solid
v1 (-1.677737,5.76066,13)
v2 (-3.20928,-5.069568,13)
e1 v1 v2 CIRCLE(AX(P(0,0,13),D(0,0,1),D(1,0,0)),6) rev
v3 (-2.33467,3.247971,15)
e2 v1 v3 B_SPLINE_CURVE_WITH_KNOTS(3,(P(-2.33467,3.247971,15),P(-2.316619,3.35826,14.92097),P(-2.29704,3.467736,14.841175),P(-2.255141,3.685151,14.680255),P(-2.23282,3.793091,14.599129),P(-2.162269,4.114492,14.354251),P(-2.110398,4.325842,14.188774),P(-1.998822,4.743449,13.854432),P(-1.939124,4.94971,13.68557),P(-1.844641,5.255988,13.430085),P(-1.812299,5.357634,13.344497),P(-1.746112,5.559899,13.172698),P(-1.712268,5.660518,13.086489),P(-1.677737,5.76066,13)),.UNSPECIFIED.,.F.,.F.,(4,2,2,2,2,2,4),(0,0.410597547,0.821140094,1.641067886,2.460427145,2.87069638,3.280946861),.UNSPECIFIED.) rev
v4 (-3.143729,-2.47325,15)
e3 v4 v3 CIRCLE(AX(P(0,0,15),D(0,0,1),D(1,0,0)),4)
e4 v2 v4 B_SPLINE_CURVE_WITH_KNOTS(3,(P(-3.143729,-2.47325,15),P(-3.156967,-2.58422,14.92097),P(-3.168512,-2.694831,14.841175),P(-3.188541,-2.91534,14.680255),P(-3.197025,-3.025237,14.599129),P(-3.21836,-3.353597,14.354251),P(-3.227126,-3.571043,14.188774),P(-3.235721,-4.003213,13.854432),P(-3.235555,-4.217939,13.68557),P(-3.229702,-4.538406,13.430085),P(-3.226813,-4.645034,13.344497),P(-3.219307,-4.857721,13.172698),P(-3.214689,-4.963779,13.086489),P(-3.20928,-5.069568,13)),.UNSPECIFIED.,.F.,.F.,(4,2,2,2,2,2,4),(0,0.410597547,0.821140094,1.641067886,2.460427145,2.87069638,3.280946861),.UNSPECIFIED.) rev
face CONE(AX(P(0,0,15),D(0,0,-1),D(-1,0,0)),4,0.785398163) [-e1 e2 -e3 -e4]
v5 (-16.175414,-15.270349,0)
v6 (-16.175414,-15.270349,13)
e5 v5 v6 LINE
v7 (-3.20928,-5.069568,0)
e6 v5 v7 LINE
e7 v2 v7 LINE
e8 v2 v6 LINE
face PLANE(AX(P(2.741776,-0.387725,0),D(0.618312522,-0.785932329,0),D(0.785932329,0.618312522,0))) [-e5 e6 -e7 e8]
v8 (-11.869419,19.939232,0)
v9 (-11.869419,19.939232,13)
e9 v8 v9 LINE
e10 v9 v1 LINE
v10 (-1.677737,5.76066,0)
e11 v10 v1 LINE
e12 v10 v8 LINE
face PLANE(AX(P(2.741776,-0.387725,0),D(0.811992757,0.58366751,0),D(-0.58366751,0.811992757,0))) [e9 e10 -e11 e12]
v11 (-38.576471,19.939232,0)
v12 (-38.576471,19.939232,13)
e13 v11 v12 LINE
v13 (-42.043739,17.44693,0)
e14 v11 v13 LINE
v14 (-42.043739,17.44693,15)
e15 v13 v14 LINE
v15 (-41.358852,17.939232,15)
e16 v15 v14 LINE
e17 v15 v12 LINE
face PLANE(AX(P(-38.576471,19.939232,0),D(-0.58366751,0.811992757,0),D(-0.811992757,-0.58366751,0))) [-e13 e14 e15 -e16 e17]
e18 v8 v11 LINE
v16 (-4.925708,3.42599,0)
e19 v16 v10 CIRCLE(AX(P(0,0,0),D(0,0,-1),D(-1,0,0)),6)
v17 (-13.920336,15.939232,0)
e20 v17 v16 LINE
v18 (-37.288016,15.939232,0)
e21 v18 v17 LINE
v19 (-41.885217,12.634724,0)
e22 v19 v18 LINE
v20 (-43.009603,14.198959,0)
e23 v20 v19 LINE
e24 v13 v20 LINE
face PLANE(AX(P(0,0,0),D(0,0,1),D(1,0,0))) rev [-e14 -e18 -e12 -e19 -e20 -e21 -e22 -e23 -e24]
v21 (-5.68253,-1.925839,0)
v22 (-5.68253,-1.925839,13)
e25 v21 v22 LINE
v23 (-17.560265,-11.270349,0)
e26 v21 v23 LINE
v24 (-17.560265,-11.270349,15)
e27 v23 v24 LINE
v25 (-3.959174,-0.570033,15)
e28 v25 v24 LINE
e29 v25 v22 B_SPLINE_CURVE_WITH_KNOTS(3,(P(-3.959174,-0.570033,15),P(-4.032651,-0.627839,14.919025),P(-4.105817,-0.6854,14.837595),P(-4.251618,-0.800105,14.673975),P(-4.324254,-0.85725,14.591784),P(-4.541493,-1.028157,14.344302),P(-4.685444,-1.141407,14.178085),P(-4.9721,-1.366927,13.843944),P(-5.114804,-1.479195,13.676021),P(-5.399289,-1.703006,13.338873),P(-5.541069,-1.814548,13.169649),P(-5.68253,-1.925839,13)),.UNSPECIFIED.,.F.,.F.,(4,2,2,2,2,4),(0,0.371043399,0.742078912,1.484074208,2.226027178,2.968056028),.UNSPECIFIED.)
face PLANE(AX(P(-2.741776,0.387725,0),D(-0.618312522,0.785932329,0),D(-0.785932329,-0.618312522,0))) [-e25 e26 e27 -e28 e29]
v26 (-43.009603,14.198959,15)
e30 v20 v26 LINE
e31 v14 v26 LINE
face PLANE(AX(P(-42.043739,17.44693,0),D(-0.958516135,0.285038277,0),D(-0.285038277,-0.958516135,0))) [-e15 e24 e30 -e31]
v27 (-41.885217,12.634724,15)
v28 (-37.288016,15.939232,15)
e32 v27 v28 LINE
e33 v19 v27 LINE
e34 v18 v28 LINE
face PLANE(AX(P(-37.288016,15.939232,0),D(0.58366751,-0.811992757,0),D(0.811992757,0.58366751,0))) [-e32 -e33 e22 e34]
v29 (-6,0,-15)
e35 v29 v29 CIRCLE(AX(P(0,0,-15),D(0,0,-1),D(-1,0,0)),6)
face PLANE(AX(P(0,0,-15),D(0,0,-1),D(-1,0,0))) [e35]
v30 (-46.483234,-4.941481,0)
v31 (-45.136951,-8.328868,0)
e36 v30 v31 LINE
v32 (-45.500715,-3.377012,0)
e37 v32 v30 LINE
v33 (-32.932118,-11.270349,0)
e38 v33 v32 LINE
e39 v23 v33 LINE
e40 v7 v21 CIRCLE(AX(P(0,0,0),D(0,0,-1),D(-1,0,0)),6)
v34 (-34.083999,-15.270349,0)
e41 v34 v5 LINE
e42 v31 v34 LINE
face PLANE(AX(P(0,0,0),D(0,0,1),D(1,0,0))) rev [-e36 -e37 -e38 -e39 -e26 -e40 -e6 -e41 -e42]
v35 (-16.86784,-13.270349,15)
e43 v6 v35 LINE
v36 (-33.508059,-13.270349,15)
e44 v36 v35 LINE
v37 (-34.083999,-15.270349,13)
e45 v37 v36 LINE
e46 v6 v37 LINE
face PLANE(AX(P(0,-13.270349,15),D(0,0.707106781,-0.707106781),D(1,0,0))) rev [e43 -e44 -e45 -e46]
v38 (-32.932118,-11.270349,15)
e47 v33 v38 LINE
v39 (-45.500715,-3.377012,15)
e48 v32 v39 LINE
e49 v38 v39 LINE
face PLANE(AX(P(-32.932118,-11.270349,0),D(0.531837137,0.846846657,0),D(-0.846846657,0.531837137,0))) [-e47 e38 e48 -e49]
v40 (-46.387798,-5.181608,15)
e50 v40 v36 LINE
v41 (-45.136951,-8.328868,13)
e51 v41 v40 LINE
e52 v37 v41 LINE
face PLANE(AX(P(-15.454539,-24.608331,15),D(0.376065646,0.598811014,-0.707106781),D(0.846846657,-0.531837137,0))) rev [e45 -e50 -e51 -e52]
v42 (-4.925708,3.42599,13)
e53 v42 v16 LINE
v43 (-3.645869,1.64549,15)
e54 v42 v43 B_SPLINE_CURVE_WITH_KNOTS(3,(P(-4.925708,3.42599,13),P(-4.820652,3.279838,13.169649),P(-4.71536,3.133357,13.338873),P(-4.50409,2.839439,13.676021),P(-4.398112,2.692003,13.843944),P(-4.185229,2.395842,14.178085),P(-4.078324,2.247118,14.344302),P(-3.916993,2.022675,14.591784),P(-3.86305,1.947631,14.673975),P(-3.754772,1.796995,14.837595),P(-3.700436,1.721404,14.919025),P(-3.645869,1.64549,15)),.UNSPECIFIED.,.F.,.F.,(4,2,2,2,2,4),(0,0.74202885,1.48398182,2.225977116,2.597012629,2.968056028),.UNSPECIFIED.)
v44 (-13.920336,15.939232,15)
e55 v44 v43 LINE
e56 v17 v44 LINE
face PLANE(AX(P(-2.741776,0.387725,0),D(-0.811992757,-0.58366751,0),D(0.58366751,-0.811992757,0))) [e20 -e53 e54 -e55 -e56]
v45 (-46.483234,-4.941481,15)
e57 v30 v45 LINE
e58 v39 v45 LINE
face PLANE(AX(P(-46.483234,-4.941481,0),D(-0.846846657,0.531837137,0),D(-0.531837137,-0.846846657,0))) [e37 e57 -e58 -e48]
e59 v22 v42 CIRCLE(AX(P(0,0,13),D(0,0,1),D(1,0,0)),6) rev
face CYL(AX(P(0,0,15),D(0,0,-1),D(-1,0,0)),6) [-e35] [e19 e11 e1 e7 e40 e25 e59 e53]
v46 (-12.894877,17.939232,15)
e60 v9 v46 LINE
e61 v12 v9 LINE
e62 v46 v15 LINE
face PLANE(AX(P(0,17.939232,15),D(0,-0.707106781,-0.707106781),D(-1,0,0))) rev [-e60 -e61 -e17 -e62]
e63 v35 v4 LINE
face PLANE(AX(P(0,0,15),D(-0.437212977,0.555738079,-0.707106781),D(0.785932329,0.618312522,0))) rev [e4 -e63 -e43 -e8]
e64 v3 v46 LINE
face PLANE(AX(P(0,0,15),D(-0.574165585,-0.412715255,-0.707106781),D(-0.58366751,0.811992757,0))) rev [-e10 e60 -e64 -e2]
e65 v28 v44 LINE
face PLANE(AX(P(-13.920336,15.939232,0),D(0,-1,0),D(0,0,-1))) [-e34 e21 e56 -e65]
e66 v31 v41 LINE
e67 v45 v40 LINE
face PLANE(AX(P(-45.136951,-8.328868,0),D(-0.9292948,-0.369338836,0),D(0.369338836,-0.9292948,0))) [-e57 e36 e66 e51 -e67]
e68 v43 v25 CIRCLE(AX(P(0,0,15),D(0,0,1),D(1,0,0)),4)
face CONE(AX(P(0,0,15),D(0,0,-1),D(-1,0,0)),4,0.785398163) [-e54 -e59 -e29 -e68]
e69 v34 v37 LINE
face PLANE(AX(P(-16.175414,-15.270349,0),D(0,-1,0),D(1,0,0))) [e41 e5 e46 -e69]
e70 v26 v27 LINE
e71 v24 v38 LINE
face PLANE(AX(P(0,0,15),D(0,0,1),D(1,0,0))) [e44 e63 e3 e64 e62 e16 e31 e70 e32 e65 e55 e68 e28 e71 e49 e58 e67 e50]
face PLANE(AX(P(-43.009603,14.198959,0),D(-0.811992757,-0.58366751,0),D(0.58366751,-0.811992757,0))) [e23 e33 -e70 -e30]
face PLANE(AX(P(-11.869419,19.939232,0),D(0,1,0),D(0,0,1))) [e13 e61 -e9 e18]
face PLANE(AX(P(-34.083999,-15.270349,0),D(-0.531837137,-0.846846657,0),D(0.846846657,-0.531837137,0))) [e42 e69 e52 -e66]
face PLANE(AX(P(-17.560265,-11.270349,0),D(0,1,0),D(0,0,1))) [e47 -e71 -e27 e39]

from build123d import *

# Parameters (mm, degrees)
SKETCH1_R           = 6
BOSS_EXTRUDE1_DEPTH = 15
BOSS_EXTRUDE2_DEPTH = 15
CHAMFER1_SIZE       = 2
SKETCH3_R           = 6
BOSS_EXTRUDE3_DEPTH = 15


with BuildPart() as part:
    # Sketch1 → Boss-Extrude1 (new body)
    with BuildSketch(Plane.XY):
        Circle(SKETCH1_R)
    extrude(amount=BOSS_EXTRUDE1_DEPTH)

    # Sketch2 → Boss-Extrude2 (add)
    with BuildSketch(Plane.XY.offset(15)):
        Polygon((-34.083999274, -15.270349256), (-45.136951092, -8.328867942), (-46.483233706, -4.941481314), (-45.500714563, -3.377011677), (-32.932117748, -11.270349256), (-17.560265153, -11.270349256), (-2.741776156, 0.387724819), (-13.920336004, 15.939232255), (-37.288016477, 15.939232255), (-41.885217055, 12.634724187), (-43.009602546, 14.198958718), (-42.043738714, 17.446929746), (-38.576470878, 19.939232255), (-11.869418747, 19.939232255), (2.741776156, -0.387724819), (-16.1754142, -15.270349256), align=None)
    extrude(amount=-BOSS_EXTRUDE2_DEPTH)

    # Chamfer1
    chamfer1_edges = [part.edges().sort_by_distance(p)[0] for p in [
        (-6.773577635, 12.849945977, 15),
        (-25.222944812, 19.939232255, 15),
        (-39.610475183, -11.799608599, 15),
        (-25.129706737, -15.270349256, 15),
        (-9.692346894, -10.169958865, 15),
        (-5.940891532, 0.840123687, 15),
        (5.940891532, -0.840123687, 15),
    ]]
    chamfer(chamfer1_edges, length=CHAMFER1_SIZE)

    # Sketch3 → Boss-Extrude3 (add)
    with BuildSketch(Plane(origin=(0, 0, 0), x_dir=(-1, 0, 0), z_dir=(0, 0, -1))):
        Circle(SKETCH3_R)
    extrude(amount=BOSS_EXTRUDE3_DEPTH)


solid = part.part
